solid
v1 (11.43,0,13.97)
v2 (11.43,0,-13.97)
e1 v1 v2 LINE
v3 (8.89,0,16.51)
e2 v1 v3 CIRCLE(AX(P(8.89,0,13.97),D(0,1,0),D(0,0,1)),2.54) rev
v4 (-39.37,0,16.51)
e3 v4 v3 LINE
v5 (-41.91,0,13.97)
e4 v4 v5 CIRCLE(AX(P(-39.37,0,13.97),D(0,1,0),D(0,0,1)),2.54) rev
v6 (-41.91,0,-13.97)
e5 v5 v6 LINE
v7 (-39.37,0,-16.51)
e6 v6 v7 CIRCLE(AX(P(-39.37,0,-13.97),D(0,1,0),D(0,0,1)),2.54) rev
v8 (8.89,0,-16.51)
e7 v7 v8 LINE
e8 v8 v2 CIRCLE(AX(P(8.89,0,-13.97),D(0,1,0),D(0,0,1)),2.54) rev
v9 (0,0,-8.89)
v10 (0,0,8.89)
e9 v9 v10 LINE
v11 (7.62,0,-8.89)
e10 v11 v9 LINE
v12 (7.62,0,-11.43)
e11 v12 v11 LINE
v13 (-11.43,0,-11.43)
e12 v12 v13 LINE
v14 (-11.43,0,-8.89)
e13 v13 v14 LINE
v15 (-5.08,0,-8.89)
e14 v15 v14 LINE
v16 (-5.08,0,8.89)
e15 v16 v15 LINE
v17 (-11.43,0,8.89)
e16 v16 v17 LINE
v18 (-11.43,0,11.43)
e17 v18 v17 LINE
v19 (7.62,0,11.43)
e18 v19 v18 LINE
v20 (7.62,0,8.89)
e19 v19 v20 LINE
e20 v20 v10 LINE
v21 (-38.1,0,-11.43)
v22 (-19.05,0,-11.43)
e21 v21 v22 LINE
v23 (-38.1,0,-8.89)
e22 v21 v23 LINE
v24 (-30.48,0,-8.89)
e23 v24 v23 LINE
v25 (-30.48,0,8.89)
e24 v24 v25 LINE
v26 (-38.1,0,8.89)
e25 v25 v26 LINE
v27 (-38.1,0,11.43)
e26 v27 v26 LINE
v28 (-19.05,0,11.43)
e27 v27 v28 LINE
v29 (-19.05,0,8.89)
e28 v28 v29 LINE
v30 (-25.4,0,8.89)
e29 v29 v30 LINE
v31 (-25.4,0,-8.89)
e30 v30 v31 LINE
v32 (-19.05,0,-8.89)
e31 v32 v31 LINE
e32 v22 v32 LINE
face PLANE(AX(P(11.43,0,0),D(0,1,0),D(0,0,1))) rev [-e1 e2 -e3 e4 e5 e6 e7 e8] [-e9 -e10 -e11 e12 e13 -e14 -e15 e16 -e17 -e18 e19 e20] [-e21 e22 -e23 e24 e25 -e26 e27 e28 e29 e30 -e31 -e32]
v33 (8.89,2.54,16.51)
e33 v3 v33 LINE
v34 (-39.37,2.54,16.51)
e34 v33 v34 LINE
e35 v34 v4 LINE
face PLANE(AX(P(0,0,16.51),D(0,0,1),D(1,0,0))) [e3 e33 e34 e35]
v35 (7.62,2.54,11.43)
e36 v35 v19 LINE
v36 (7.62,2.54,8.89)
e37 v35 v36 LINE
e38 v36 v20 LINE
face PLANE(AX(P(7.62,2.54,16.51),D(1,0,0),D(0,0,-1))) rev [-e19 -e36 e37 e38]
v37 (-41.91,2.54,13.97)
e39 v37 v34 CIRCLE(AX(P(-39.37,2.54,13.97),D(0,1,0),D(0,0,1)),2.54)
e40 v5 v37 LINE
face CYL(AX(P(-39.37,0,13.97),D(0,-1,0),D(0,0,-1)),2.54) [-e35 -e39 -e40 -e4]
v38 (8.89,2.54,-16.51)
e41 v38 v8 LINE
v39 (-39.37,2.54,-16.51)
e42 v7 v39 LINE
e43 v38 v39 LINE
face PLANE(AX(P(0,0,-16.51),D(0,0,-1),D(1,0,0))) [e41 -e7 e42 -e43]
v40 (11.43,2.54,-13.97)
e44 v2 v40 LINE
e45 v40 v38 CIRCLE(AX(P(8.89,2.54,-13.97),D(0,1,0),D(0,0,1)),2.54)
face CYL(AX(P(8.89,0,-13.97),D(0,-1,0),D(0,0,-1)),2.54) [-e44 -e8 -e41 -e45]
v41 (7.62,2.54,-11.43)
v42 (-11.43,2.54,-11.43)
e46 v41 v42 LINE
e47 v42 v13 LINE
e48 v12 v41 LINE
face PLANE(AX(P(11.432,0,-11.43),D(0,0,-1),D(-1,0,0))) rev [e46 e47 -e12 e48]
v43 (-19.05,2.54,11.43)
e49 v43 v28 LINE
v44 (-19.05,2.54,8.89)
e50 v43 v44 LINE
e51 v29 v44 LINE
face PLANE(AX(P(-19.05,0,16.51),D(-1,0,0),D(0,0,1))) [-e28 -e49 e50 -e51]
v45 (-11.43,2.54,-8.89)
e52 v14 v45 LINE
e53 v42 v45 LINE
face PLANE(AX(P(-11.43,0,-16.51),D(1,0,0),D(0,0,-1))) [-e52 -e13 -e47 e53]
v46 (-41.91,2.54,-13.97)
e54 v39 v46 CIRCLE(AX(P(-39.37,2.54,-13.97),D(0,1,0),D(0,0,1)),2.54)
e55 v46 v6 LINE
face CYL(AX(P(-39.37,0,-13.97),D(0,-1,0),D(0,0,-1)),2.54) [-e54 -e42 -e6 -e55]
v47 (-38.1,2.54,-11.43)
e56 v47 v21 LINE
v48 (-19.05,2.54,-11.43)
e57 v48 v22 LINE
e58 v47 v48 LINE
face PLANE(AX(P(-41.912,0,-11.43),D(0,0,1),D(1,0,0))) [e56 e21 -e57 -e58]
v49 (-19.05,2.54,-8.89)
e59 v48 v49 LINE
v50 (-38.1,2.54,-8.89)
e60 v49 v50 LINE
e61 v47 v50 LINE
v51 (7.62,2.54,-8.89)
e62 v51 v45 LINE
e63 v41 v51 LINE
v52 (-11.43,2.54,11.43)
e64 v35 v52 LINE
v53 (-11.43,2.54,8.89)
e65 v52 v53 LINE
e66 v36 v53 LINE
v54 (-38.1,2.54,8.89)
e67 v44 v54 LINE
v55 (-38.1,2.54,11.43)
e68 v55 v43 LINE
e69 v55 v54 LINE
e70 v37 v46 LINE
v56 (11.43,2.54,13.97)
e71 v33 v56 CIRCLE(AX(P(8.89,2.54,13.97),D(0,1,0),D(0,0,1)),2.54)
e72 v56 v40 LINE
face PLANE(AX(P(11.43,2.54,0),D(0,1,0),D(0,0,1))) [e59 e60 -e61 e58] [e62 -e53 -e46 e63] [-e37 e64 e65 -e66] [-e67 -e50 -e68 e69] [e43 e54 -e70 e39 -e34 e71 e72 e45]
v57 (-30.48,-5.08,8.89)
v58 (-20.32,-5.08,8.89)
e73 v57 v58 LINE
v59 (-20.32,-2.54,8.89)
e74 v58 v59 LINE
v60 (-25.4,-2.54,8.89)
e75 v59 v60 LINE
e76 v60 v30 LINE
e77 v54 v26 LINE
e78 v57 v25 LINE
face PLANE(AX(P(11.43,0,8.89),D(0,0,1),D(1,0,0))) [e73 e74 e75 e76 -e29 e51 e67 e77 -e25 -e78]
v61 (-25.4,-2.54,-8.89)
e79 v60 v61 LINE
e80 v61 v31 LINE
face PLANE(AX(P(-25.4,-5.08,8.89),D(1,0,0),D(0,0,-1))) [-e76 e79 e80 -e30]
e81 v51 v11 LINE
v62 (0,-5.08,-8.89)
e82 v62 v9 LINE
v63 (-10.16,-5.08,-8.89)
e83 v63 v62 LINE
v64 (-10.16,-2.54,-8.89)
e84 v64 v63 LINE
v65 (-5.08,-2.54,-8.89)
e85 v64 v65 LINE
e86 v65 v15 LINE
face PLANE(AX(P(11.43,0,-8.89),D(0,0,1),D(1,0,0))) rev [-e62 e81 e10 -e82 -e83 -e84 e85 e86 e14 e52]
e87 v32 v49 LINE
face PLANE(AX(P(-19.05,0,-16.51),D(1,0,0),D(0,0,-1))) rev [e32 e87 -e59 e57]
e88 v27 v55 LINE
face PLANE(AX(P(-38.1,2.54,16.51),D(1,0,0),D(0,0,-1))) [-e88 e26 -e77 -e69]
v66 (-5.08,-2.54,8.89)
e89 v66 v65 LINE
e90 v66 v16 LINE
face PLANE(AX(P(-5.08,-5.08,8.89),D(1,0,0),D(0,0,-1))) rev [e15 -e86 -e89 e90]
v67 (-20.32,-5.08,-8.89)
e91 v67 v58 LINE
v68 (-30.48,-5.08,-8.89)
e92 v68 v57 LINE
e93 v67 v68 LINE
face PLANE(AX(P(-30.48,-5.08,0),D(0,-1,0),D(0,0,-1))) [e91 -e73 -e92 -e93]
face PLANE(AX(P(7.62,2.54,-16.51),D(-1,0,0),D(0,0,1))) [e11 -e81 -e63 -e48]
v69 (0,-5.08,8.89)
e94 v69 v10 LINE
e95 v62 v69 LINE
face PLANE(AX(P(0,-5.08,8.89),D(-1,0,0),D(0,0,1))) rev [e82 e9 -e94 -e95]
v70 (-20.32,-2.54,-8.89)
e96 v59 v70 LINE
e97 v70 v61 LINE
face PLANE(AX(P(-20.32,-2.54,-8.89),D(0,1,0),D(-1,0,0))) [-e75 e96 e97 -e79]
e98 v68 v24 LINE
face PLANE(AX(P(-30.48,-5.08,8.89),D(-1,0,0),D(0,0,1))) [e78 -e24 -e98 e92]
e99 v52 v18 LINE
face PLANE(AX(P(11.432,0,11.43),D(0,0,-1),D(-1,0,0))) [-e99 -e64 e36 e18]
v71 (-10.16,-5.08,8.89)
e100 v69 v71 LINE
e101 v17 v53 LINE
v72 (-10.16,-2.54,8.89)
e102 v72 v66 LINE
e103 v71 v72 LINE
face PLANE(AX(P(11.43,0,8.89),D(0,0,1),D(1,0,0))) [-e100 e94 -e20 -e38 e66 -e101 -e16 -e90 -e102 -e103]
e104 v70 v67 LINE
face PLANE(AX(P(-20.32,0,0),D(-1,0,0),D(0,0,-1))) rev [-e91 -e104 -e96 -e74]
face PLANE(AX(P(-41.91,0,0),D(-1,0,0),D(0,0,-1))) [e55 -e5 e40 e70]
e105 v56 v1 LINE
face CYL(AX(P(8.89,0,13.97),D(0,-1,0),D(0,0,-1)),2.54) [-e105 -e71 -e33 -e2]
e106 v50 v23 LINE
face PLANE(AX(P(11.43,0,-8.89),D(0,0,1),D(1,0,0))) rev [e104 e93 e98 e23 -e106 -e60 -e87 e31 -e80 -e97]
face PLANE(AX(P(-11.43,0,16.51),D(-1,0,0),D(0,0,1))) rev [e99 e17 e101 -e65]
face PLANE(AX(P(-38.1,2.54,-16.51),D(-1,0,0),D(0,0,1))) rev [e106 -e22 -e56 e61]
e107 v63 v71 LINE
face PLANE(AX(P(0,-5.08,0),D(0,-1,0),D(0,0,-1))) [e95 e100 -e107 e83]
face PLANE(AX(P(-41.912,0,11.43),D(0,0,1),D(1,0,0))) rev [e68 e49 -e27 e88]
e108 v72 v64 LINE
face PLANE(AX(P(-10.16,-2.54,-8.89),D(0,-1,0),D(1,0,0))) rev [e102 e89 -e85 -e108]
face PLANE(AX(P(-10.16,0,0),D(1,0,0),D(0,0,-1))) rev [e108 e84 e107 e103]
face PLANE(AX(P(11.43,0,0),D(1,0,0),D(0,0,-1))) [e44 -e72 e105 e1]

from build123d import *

# Parameters (mm, degrees)
SKETCH1_W               = 17.78
SKETCH1_H               = 2.54
BOSS_EXTRUDE1_DEPTH     = 11.43
SKETCH2_W               = 17.78
SKETCH2_H               = 2.54
BOSS_EXTRUDE2_DEPTH     = 15.24
SKETCH16_W              = 3.81
SKETCH16_H              = 2.54
BOSS_EXTRUDE10_DEPTH    = 7.62
BOSS_EXTRUDE11_REACH    = 36.757
SKETCH17_W              = 5.08
SKETCH17_H              = 2.54
MIRROR3_COPY_1_SKETCH_W = 3.81
MIRROR3_COPY_1_SKETCH_H = 2.54
MIRROR3_COPY_1_DEPTH    = 7.62
MIRROR3_COPY_2_REACH    = 36.757
MIRROR3_COPY_2_SKETCH_W = 5.08
MIRROR3_COPY_2_SKETCH_H = 2.54
SKETCH18_W              = 5.08
SKETCH18_H              = 17.78
BOSS_EXTRUDE12_DEPTH    = 5.08
SKETCH19_W              = 17.78
SKETCH19_H              = 2.54
BOSS_EXTRUDE13_DEPTH    = 5.08
FILLET1_R               = 2.54


with BuildPart() as part:
    # Sketch1 → Boss-Extrude1 (new body)
    with BuildSketch(Plane(origin=(0, 0, 0), x_dir=(0, 0, -1), z_dir=(1, 0, 0))):
        with Locations((0, 1.27)):
            Rectangle(SKETCH1_W, SKETCH1_H)
    extrude(amount=BOSS_EXTRUDE1_DEPTH)

    # Sketch2 → Boss-Extrude2 (add)
    with BuildSketch(Plane.ZY):
        with Locations((0, 1.27)):
            Rectangle(SKETCH2_W, SKETCH2_H)
    extrude(amount=BOSS_EXTRUDE2_DEPTH)

    # Mirror1: part across plane


with BuildPart() as part_1:
    add(part.part)
    add(part.part.mirror(Plane.ZY.offset(15.24)))

    # Sketch16 → Boss-Extrude10 (add)
    with BuildSketch(Plane.XY.offset(8.89)):
        with Locations((-17.145, 1.27)):
            Rectangle(SKETCH16_W, SKETCH16_H)
        with Locations((-40.005, 1.27)):
            Rectangle(SKETCH16_W, SKETCH16_H)
    boss_extrude10 = extrude(amount=BOSS_EXTRUDE10_DEPTH)

    # Sketch17 → Boss-Extrude11 (add, up to next)
    with BuildSketch(Plane.ZY.offset(19.05), mode=Mode.PRIVATE) as boss_extrude11_sk1:
        with Locations((13.97, 1.27)):
            Rectangle(SKETCH17_W, SKETCH17_H)
    boss_extrude11_tool1 = extrude(boss_extrude11_sk1.sketch, amount=BOSS_EXTRUDE11_REACH, mode=Mode.PRIVATE) - part_1.part
    boss_extrude11 = boss_extrude11_tool1.solids().sort_by_distance((-19.05, 1.27, 13.97))[0]
    add(boss_extrude11)

    # Mirror2: Boss-Extrude10, Boss-Extrude11 across plane
    add(boss_extrude10.mirror(Plane.ZY.offset(15.24)))
    add(boss_extrude11.mirror(Plane.ZY.offset(15.24)))

    # Mirror3: Boss-Extrude10, Boss-Extrude11 across plane
    add(boss_extrude10.mirror(Plane.XY))
    add(boss_extrude11.mirror(Plane.XY))

    # Mirror3 copy 1 sketch → Mirror3 copy 1 (add)
    with BuildSketch(Plane(origin=(-30.48, 0, -8.89), x_dir=(-1, 0, 0), z_dir=(0, 0, -1))):
        with Locations((-17.145, 1.27)):
            Rectangle(MIRROR3_COPY_1_SKETCH_W, MIRROR3_COPY_1_SKETCH_H)
        with Locations((-40.005, 1.27)):
            Rectangle(MIRROR3_COPY_1_SKETCH_W, MIRROR3_COPY_1_SKETCH_H)
    extrude(amount=MIRROR3_COPY_1_DEPTH)

    # Mirror3 copy 2 sketch → Mirror3 copy 2 (add, up to next)
    with BuildSketch(Plane(origin=(-11.43, 0, 0), x_dir=(0, 0, -1), z_dir=(1, 0, 0)), mode=Mode.PRIVATE) as mirror3_copy_2_sk1:
        with Locations((13.97, 1.27)):
            Rectangle(MIRROR3_COPY_2_SKETCH_W, MIRROR3_COPY_2_SKETCH_H)
    mirror3_copy_2_tool1 = extrude(mirror3_copy_2_sk1.sketch, amount=MIRROR3_COPY_2_REACH, mode=Mode.PRIVATE) - part_1.part
    add(mirror3_copy_2_tool1.solids().sort_by_distance((-11.43, 1.27, -13.97))[0])

    # Sketch18 → Boss-Extrude12 (add)
    with BuildSketch(Plane.XZ):
        with Locations((-2.54, 0)):
            Rectangle(SKETCH18_W, SKETCH18_H)
    boss_extrude12 = extrude(amount=BOSS_EXTRUDE12_DEPTH)

    # Sketch19 → Boss-Extrude13 (add)
    with BuildSketch(Plane.ZY.offset(5.08)):
        with Locations((0, -3.81)):
            Rectangle(SKETCH19_W, SKETCH19_H)
    boss_extrude13 = extrude(amount=BOSS_EXTRUDE13_DEPTH)

    # Mirror4: Boss-Extrude12, Boss-Extrude13 across plane
    add(boss_extrude12.mirror(Plane.ZY.offset(15.24)))
    add(boss_extrude13.mirror(Plane.ZY.offset(15.24)))

    # Fillet1
    fillet1_edges = [part_1.edges().sort_by_distance(p)[0] for p in [
        (-41.91, 1.27, -16.51),
        (11.43, 1.27, -16.51),
        (-41.91, 1.27, 16.51),
        (11.43, 1.27, 16.51),
    ]]
    fillet(fillet1_edges, radius=FILLET1_R)


solid = part_1.part
